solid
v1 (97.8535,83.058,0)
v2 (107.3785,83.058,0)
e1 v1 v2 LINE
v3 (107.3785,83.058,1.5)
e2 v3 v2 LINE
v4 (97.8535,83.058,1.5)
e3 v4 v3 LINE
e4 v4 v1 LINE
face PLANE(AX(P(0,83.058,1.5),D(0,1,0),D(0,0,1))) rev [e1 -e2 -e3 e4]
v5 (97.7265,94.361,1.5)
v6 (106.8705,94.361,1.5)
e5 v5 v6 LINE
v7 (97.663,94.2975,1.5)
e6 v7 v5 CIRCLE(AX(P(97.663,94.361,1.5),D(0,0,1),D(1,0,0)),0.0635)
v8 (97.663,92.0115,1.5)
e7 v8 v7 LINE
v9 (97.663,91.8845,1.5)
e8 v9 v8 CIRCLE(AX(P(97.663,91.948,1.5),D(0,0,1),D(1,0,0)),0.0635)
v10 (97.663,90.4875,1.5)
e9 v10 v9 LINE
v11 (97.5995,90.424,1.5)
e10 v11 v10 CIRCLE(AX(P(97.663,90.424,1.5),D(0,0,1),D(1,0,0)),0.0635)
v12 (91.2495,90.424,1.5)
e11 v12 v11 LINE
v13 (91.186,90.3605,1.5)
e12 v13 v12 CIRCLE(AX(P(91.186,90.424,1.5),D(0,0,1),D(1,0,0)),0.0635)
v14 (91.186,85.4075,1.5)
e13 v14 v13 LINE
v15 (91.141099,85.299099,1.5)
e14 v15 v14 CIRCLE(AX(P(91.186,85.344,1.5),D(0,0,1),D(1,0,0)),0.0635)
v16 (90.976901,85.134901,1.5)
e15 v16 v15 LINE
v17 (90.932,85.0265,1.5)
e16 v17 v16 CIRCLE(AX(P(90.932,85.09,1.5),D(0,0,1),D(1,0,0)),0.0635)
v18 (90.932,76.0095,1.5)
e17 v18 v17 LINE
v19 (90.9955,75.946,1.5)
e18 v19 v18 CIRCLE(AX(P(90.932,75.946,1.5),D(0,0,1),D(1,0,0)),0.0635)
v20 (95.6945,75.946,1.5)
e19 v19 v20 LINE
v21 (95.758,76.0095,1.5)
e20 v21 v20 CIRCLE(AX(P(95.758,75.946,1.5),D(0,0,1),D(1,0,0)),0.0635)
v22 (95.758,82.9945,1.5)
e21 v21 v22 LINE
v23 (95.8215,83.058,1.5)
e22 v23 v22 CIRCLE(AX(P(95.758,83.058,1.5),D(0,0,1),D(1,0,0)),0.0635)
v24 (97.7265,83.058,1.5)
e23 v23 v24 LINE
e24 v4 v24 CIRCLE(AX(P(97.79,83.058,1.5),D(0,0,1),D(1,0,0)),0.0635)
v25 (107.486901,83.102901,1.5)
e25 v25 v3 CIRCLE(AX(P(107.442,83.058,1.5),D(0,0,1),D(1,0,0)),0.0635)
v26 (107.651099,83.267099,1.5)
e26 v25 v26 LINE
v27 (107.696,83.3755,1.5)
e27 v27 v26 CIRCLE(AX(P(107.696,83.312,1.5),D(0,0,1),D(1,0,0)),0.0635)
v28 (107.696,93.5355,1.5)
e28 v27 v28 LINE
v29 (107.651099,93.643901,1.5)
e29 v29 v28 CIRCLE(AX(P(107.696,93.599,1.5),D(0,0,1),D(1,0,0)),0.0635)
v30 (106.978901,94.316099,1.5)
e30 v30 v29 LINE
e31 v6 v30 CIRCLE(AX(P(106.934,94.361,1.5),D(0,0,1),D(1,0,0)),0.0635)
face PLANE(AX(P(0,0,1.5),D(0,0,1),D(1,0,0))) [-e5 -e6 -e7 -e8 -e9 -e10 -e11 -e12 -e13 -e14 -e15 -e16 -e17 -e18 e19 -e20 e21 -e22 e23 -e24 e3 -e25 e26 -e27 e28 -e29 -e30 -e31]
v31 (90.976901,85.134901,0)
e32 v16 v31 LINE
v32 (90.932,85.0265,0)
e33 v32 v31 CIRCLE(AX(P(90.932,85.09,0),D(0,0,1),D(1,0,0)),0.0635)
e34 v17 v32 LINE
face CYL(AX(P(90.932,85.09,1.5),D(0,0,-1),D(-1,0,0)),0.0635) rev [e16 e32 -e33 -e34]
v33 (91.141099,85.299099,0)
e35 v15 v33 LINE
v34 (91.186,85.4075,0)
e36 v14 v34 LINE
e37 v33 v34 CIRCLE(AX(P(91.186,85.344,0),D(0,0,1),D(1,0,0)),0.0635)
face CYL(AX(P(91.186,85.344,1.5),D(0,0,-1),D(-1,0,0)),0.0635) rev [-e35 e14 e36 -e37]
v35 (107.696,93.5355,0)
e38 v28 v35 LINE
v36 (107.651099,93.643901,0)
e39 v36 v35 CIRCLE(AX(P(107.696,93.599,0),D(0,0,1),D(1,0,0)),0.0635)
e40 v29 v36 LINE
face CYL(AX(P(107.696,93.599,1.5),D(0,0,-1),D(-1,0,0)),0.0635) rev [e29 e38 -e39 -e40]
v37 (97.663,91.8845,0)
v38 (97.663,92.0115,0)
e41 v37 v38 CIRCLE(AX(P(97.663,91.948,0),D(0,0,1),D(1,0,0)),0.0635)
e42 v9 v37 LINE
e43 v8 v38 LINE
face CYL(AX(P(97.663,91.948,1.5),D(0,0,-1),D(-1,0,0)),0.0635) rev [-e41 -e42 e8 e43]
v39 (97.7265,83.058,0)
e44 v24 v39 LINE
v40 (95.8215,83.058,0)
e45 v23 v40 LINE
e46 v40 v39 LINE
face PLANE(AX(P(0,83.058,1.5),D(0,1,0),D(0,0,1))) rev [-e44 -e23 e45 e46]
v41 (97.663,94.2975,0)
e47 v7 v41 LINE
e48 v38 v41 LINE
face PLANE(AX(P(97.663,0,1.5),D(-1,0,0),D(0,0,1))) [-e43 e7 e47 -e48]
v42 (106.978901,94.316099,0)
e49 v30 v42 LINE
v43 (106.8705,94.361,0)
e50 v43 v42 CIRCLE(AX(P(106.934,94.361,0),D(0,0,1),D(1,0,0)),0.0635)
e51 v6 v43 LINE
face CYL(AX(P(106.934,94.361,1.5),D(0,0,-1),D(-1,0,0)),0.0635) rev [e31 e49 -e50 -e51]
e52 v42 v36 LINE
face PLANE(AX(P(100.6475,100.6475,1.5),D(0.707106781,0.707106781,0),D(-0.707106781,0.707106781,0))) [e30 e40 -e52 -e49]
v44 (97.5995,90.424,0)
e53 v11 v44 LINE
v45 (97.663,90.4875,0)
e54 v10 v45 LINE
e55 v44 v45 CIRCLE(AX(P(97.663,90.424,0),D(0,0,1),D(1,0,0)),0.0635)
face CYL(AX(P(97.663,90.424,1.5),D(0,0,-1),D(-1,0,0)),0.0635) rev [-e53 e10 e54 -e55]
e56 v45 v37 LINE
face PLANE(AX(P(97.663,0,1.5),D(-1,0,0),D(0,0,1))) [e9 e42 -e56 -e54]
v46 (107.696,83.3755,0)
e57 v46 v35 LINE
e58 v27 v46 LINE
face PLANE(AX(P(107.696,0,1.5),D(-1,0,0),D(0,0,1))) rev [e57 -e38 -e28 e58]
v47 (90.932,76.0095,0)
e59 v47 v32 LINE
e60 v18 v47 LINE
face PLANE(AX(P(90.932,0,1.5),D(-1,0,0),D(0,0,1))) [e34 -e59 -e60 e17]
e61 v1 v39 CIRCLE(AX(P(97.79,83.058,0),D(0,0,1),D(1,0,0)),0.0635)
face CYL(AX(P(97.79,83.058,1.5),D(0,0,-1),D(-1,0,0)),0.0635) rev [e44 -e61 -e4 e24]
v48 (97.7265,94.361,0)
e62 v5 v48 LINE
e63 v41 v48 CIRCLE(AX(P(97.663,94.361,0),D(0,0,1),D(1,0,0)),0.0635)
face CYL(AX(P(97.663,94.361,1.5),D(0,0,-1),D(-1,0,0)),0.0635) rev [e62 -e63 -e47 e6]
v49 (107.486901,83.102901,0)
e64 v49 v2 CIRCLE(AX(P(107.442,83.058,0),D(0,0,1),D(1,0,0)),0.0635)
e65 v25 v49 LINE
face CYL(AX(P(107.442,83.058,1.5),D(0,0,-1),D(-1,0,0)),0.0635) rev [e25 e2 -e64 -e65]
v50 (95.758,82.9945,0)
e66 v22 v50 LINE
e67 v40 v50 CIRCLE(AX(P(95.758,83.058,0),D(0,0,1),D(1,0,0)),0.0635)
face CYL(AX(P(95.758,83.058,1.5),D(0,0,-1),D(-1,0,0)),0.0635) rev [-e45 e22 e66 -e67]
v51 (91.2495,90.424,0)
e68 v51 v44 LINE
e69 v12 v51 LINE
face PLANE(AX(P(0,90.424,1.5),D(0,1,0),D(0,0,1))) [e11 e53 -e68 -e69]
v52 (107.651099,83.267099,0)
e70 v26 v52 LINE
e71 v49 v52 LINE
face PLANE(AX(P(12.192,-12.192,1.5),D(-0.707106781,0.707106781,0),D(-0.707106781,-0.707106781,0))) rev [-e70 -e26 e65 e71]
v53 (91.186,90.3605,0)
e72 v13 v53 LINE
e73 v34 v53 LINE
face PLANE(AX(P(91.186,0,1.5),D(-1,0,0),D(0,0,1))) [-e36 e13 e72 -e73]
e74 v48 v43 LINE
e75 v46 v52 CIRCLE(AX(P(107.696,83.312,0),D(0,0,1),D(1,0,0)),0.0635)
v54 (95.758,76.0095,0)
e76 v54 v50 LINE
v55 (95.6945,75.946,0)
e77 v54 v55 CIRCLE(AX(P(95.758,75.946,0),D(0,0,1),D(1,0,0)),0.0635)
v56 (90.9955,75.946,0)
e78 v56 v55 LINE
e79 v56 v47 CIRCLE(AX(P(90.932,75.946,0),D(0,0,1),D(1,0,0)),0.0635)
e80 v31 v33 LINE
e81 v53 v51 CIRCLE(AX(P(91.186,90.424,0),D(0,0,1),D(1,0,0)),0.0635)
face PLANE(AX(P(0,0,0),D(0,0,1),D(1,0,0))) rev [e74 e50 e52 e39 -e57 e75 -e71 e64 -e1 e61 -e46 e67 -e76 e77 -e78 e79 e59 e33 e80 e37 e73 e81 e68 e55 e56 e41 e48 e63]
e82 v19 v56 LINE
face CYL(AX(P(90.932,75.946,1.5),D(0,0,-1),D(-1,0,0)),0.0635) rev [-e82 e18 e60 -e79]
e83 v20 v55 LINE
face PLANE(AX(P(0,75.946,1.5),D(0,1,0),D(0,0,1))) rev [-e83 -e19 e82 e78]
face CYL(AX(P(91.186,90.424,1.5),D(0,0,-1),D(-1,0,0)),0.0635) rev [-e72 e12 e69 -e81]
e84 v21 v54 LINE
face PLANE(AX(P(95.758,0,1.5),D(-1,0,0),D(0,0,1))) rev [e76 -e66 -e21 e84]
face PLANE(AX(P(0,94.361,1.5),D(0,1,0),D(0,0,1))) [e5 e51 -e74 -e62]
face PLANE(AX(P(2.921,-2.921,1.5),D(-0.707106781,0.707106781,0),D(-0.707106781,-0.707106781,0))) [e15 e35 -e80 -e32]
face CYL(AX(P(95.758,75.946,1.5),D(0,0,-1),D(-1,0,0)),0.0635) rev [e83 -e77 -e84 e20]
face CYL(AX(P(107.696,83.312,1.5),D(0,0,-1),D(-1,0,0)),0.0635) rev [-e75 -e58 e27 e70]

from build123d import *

# Parameters (mm, degrees)
EXTRUDE_1_DEPTH = 1.5


with BuildPart() as part:
    # 草图1 → 凸台-拉伸1 (new body)
    with BuildSketch(Plane.XY):
        with BuildLine():
            Line((91.141098719, 85.299098719), (90.976901281, 85.134901281))
            ThreePointArc((90.976901281, 85.134901281), (90.99066635, 85.114300398), (90.9955, 85.09))
            ThreePointArc((90.9955, 85.09), (90.976901281, 85.045098719), (90.932, 85.0265))
            Line((90.932, 85.0265), (90.932, 76.0095))
            ThreePointArc((90.932, 76.0095), (90.976901281, 75.990901281), (90.9955, 75.946))
            Line((90.9955, 75.946), (95.6945, 75.946))
            ThreePointArc((95.6945, 75.946), (95.713098719, 75.990901281), (95.758, 76.0095))
            Line((95.758, 76.0095), (95.758, 82.9945))
            ThreePointArc((95.758, 82.9945), (95.713098719, 83.102901281), (95.8215, 83.058))
            Line((95.8215, 83.058), (97.7265, 83.058))
            ThreePointArc((97.7265, 83.058), (97.79, 83.1215), (97.8535, 83.058))
            Line((97.8535, 83.058), (107.3785, 83.058))
            ThreePointArc((107.3785, 83.058), (107.417699602, 83.11666635), (107.486901281, 83.102901281))
            Line((107.486901281, 83.102901281), (107.651098719, 83.267098719))
            ThreePointArc((107.651098719, 83.267098719), (107.63733365, 83.336300398), (107.696, 83.3755))
            Line((107.696, 83.3755), (107.696, 93.5355))
            ThreePointArc((107.696, 93.5355), (107.63733365, 93.574699602), (107.651098719, 93.643901281))
            Line((107.651098719, 93.643901281), (106.978901281, 94.316098719))
            ThreePointArc((106.978901281, 94.316098719), (106.909699602, 94.30233365), (106.8705, 94.361))
            Line((106.8705, 94.361), (97.7265, 94.361))
            ThreePointArc((97.7265, 94.361), (97.707901281, 94.316098719), (97.663, 94.2975))
            Line((97.663, 94.2975), (97.663, 92.0115))
            ThreePointArc((97.663, 92.0115), (97.707901281, 91.992901281), (97.7265, 91.948))
            ThreePointArc((97.7265, 91.948), (97.707901281, 91.903098719), (97.663, 91.8845))
            Line((97.663, 91.8845), (97.663, 90.4875))
            ThreePointArc((97.663, 90.4875), (97.707901281, 90.468901281), (97.7265, 90.424))
            ThreePointArc((97.7265, 90.424), (97.663, 90.3605), (97.5995, 90.424))
            Line((97.5995, 90.424), (91.2495, 90.424))
            ThreePointArc((91.2495, 90.424), (91.230901281, 90.379098719), (91.186, 90.3605))
            Line((91.186, 90.3605), (91.186, 85.4075))
            ThreePointArc((91.186, 85.4075), (91.230901281, 85.388901281), (91.2495, 85.344))
            ThreePointArc((91.2495, 85.344), (91.210300398, 85.28533365), (91.141098719, 85.299098719))
        make_face()
    extrude(amount=EXTRUDE_1_DEPTH)


solid = part.part
